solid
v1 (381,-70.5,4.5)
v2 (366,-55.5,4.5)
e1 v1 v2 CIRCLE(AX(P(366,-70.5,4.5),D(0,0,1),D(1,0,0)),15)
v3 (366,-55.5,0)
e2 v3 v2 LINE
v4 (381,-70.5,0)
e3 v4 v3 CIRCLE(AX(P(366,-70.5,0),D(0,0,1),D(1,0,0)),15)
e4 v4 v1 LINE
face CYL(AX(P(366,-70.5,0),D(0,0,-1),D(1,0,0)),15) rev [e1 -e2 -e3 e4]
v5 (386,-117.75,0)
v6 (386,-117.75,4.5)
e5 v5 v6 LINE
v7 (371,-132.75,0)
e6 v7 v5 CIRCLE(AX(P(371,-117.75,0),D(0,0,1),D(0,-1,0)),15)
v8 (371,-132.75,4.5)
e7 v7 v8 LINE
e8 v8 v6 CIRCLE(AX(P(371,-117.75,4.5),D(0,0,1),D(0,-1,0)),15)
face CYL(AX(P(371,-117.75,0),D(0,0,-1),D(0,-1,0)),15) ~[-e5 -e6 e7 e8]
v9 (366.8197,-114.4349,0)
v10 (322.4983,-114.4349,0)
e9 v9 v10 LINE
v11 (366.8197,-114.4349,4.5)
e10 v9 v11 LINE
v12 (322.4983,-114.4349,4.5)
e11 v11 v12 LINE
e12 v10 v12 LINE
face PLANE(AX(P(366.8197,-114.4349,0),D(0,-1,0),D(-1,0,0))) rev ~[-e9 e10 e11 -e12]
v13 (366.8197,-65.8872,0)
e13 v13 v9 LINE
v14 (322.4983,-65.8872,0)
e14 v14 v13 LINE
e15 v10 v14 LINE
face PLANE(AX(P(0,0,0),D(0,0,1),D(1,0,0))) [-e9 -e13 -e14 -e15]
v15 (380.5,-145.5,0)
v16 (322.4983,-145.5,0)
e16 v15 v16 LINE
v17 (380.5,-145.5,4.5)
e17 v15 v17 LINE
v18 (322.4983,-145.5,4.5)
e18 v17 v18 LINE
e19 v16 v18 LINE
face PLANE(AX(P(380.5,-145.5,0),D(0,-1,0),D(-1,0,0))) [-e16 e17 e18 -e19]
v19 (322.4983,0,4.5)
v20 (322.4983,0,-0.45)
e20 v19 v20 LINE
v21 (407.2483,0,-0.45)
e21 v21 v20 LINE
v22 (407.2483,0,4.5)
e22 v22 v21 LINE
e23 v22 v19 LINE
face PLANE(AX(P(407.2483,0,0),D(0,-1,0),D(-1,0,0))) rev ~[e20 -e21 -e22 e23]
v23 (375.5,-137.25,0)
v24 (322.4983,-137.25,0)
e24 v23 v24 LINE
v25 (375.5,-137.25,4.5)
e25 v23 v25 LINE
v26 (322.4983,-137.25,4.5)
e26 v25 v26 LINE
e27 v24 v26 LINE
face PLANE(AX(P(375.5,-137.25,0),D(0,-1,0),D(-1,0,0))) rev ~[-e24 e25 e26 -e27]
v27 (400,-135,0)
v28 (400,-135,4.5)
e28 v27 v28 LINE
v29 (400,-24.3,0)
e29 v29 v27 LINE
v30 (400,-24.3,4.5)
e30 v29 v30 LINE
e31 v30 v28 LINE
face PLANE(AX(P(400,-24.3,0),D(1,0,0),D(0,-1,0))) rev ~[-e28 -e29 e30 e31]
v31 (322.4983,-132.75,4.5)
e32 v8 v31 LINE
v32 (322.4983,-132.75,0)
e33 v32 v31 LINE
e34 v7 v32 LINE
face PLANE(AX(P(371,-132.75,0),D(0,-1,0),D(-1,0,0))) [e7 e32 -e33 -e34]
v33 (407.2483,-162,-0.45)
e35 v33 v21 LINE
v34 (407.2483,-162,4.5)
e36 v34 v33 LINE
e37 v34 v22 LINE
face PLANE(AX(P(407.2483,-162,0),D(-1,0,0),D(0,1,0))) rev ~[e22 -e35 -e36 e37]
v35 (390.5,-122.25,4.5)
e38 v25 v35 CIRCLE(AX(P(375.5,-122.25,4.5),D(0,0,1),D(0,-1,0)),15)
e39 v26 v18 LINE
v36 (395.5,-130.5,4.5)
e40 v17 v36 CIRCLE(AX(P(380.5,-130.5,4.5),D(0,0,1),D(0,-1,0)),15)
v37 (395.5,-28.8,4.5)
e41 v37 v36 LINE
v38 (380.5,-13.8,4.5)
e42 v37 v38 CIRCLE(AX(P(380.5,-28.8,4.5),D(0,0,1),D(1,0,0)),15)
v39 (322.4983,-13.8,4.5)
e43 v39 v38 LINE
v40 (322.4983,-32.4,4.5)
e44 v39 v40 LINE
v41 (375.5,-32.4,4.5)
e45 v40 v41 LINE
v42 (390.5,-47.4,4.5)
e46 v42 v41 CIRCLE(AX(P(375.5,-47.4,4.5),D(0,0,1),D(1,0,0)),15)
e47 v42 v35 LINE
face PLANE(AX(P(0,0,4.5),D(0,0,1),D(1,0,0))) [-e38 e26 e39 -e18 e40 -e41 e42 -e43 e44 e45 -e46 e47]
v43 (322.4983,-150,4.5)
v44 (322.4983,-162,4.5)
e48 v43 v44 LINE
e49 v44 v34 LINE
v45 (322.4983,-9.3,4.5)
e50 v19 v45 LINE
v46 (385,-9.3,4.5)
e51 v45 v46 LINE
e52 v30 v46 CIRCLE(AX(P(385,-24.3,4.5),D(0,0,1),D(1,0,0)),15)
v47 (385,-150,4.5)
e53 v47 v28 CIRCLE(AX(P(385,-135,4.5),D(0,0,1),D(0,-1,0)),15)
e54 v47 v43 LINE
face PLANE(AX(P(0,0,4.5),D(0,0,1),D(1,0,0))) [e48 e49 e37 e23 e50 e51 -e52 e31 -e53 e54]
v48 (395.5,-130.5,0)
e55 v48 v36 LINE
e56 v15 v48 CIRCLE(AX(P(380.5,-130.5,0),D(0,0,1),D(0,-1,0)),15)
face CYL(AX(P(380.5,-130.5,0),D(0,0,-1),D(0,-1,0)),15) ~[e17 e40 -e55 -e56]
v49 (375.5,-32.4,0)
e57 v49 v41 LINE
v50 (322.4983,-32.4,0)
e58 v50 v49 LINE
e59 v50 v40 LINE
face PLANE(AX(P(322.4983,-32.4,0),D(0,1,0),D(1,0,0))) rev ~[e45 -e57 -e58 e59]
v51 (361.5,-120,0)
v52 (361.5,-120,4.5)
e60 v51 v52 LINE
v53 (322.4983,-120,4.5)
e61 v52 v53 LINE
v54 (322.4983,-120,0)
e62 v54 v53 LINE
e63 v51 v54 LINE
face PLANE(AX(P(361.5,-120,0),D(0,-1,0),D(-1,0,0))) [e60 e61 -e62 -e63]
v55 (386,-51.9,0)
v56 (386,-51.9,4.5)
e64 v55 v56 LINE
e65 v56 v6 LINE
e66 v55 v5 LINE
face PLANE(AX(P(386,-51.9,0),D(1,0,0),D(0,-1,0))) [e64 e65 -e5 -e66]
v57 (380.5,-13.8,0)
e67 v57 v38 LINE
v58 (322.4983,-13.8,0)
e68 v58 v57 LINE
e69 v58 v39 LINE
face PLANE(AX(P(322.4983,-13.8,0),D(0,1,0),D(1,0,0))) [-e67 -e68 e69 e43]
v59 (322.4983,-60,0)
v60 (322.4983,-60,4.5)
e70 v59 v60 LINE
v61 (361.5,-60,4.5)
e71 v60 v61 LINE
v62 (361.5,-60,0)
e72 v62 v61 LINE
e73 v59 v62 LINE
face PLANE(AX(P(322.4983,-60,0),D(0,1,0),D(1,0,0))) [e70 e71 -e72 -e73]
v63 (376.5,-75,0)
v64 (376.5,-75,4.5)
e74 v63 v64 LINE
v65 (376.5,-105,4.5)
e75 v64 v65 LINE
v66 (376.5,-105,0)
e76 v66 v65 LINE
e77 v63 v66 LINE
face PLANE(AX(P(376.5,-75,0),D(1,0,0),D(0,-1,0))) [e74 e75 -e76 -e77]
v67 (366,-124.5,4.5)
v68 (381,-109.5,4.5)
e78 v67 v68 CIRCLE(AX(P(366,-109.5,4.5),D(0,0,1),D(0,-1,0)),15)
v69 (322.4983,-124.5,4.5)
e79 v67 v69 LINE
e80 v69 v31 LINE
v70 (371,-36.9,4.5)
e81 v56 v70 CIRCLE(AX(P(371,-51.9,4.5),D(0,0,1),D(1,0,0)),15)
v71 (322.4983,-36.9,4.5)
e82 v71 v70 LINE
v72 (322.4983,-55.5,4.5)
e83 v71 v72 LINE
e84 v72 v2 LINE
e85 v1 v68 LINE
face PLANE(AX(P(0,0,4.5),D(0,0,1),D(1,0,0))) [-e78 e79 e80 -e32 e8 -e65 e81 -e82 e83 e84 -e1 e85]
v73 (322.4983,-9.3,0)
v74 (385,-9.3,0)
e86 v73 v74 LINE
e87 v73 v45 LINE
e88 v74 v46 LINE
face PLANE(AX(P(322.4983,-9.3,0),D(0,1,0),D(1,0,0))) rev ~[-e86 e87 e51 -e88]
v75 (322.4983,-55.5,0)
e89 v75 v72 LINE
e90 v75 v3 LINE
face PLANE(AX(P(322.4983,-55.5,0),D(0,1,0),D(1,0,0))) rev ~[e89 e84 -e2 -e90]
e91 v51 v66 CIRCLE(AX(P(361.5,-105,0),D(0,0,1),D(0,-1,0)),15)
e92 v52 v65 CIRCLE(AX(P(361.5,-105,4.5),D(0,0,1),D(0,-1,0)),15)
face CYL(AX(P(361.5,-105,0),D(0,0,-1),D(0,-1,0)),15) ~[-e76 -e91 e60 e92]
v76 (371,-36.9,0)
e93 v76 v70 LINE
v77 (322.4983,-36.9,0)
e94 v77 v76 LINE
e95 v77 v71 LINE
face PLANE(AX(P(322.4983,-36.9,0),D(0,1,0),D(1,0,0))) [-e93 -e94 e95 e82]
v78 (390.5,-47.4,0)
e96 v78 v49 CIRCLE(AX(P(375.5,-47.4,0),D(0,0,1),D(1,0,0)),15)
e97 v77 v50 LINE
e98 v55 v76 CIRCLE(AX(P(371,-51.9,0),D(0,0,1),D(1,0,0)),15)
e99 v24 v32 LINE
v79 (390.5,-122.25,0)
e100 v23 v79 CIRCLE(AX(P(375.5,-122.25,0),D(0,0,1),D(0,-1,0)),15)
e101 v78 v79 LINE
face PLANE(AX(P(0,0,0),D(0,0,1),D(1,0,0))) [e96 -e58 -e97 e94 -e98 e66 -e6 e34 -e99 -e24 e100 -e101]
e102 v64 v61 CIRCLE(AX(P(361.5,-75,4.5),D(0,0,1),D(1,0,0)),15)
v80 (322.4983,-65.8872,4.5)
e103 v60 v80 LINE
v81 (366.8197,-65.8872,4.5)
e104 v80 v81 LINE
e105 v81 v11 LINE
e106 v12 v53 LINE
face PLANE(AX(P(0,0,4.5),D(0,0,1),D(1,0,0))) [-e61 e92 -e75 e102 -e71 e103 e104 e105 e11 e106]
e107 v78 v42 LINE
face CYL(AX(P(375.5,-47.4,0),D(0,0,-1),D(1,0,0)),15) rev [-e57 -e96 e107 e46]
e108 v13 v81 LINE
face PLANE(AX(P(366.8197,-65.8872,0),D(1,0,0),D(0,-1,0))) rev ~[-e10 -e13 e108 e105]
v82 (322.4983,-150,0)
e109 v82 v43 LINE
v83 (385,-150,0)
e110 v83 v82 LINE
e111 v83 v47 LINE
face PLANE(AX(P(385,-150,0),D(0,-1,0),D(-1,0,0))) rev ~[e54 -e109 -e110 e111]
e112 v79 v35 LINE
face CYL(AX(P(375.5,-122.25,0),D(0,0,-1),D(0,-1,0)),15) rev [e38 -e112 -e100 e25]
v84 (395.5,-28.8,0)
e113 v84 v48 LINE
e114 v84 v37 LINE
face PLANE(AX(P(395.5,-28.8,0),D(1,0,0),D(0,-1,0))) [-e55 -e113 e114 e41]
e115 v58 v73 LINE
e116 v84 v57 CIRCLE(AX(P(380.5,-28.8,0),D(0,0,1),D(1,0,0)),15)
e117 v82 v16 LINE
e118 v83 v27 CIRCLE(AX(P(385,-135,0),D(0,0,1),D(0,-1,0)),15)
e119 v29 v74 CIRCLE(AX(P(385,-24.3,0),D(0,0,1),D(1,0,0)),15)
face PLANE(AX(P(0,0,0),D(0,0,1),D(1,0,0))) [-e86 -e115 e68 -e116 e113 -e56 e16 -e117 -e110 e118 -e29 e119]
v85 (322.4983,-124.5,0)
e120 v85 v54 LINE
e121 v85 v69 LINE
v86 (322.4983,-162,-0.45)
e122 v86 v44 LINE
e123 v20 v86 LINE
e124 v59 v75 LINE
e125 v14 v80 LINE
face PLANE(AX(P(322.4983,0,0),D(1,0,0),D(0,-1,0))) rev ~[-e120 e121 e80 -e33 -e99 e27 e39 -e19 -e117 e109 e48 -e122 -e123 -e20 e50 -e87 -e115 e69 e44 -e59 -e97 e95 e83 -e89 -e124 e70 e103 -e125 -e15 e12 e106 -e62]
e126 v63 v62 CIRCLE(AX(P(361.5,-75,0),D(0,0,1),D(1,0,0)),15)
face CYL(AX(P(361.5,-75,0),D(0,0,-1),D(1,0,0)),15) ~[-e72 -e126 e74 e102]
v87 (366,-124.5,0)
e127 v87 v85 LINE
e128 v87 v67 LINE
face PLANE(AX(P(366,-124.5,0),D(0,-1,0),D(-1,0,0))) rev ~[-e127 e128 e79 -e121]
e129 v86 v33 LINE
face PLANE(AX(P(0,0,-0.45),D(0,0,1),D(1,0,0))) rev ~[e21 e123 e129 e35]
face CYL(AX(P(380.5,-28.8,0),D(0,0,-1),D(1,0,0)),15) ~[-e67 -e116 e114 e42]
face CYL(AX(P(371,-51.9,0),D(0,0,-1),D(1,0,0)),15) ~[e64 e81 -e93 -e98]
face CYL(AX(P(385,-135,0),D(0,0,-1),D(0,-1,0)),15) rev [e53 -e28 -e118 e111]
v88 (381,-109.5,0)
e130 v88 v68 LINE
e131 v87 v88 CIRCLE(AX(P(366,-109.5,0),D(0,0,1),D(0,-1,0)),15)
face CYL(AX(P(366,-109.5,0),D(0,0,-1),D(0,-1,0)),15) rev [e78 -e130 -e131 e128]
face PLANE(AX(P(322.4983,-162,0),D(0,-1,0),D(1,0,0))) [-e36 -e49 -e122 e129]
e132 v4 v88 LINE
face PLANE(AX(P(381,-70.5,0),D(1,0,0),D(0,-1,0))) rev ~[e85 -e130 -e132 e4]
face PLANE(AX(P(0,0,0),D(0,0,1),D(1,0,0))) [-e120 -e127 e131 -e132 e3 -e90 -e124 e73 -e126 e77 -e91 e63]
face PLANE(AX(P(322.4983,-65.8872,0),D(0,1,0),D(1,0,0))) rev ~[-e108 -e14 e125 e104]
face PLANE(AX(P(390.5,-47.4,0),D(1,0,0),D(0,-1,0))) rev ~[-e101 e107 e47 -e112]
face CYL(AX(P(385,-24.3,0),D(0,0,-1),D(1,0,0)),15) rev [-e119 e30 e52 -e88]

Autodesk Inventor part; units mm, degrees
ref_plane "YZ Plane" through (0, 0, 0) normal (1, 0, 0) x (0, 1, 0)
sketch "Sketch1" plane through (0, 0, 0) normal (0, 0, 1) x (1, 0, 0)
  line L0 (6.5, -9.3) -> (385, -9.3)
  line L1 (400, -24.3) -> (400, -135)
  line L2 (385, -150) -> (-400, -150)
  line L3 (-400, -150) -> (-400, -32.4)
  line L4 (6.5, -9.3) -> (6.5, -13.8)
  line L5 (6.5, -13.8) -> (380.5, -13.8)
  line L6 (395.5, -28.8) -> (395.5, -130.5)
  line L7 (380.5, -145.5) -> (-395.5, -145.5)
  line L8 (-400, -32.4) -> (375.5, -32.4)
  line L9 (390.5, -47.4) -> (390.5, -122.25)
  line L10 (375.5, -137.25) -> (-387.25, -137.25)
  line L11 (-395.5, -145.5) -> (-395.5, -36.9)
  line L12 (-395.5, -36.9) -> (371, -36.9)
  line L13 (386, -51.9) -> (386, -117.75)
  line L14 (371, -132.75) -> (-382.75, -132.75)
  line L15 (-382.75, -132.75) -> (-382.75, -60)
  line L16 (-387.25, -137.25) -> (-387.25, -55.5)
  line L17 (-387.25, -55.5) -> (366, -55.5)
  line L18 (381, -70.5) -> (381, -109.5)
  line L19 (-382.75, -60) -> (361.5, -60)
  line L20 (376.5, -75) -> (376.5, -105)
  line L21 (361.5, -120) -> (-374.5, -120)
  line L22 (366, -124.5) -> (-374.5, -124.5)
  line L23 (-374.5, -124.5) -> (-374.5, -120)
  arc A0 (400, -24.3) -> (385, -9.3) centre (385, -24.3) ccw
  arc A1 (395.5, -28.8) -> (380.5, -13.8) centre (380.5, -28.8) ccw
  arc A2 (390.5, -47.4) -> (375.5, -32.4) centre (375.5, -47.4) ccw
  arc A3 (386, -51.9) -> (371, -36.9) centre (371, -51.9) ccw
  arc A4 (381, -70.5) -> (366, -55.5) centre (366, -70.5) ccw
  arc A5 (376.5, -75) -> (361.5, -60) centre (361.5, -75) ccw
  arc A6 (361.5, -120) -> (376.5, -105) centre (361.5, -105) ccw
  arc A7 (366, -124.5) -> (381, -109.5) centre (366, -109.5) ccw
  arc A8 (371, -132.75) -> (386, -117.75) centre (371, -117.75) ccw
  arc A9 (375.5, -137.25) -> (390.5, -122.25) centre (375.5, -122.25) ccw
  arc A10 (380.5, -145.5) -> (395.5, -130.5) centre (380.5, -130.5) ccw
  arc A11 (385, -150) -> (400, -135) centre (385, -135) ccw
  line L24 (322.4983, 0) -> (322.4983, -162)
  line L25 (322.4983, -162) -> (407.2483, -162)
  line L26 (407.2483, -162) -> (407.2483, 0)
  line L27 (407.2483, 0) -> (322.4983, 0)
  line L28 (-561.4497, 0) -> (568.6979, 0) projected
  line L29 (322.4983, -123.614) -> (322.4983, -76.5697)
  line L30 (322.4983, -65.8872) -> (366.8197, -65.8872)
  line L31 (366.8197, -65.8872) -> (366.8197, -114.4349)
  line L32 (366.8197, -114.4349) -> (322.4983, -114.4349)
  point P0 (0, 0)
  point P1 (400, -9.3)
  point P2 (400, -150)
  point P3 (395.5, -13.8)
  point P4 (395.5, -145.5)
  point P5 (390.5, -32.4)
  point P6 (390.5, -137.25)
  point P7 (386, -36.9)
  point P8 (386, -132.75)
  point P9 (381, -55.5)
  point P10 (381, -124.5)
  point P11 (376.5, -60)
  point P12 (376.5, -120)
  point P13 (0, 0)
  point P14 (322.4983, -60)
  point P15 (322.4983, -120)
  point P16 (322.4983, -36.9)
  point P17 (322.4983, -55.5)
  point P18 (322.4983, -124.5)
  point P19 (322.4983, -132.75)
  point P20 (322.4983, -13.8)
  point P21 (322.4983, -32.4)
  point P22 (322.4983, -137.25)
  point P23 (322.4983, -145.5)
  point P24 (322.4983, -150)
  point P25 (322.4983, -9.3)
  dimension "d1" = 4.5
  dimension "d2" = 4.5
  dimension "d3" = 4.5
  dimension "d5" = 800
  dimension "d6" = 400
  dimension "d7" = 4.5
  dimension "d8" = 4.5
  dimension "d9" = 5
  dimension "d10" = 4.5
  dimension "d11" = 18.6
  dimension "d12" = 4.5
  dimension "d13" = 8.25
  dimension "d14" = 4.5
  dimension "d15" = 4.5
  dimension "d16" = 4.5
  dimension "d17" = 5
  dimension "d19" = 18.6
  dimension "d20" = 8.25
  dimension "d89" = 8.25
  dimension "d90" = 8.25
  dimension "d91" = 15
  dimension "d104" = 84.75
  dimension "d106" = 162
extrude "Extrusion1" add sketch "Sketch1" along normal blind 4.5 contours L24 L27 L26 L25 L2 A11 L1 A0 L0 | L5 A1 L6 A10 L7 L24 L10 A9 L9 A2 L8 | L12 A3 L13 A8 L14 L24 L22 A7 L18 A4 L17 | L19 A5 L20 A6 L21 L24 L32 L31 L30
extrude "Extrusion7" add sketch "Sketch1" against normal blind 0.45 contours L24 L27 L26 L25 L2 A11 L1 A0 L0 | L0 A0 L1 A11 L2 L24 L7 A10 L6 A1 L5 | L5 A1 L6 A10 L7 L24 L10 A9 L9 A2 L8 | L8 A2 L9 A9 L10 L24 L14 A8 L13 A3 L12 | L12 A3 L13 A8 L14 L24 L22 A7 L18 A4 L17 | L17 A4 L18 A7 L22 L24 L21 A6 L20 A5 L19 | L19 A5 L20 A6 L21 L24 L32 L31 L30 | L30 L31 L32 L24
equation "\"d1\" = wire_diameter"
equation "\"d2\" = wire_diameter"
equation "\"d3\" = wire_diameter"
equation "\"d5\" = track_length"
equation "\"d6\" = 0.5 * track_length"
equation "\"d7\" = wire_diameter"
equation "\"d8\" = wire_diameter"
equation "\"d10\" = wire_diameter"
equation "\"d11\" = distance_between_wires"
equation "\"d12\" = wire_diameter"
equation "\"d13\" = distance_between_wires_edge"
equation "\"d14\" = wire_diameter"
equation "\"d15\" = wire_diameter"
equation "\"d16\" = wire_diameter"
equation "\"d19\" = distance_between_wires"
equation "\"d20\" = distance_between_wires_edge"
equation "\"d22\" = wire_diameter"
equation "\"track_length\" = 800"
equation "\"wire_diameter\" = 4.5"
equation "\"distance_between_wires\" = -1.2 * wire_diameter + 0.2 * parameter_6"
equation "\"distance_between_wires_edge\" = 8.25"
equation "\"bend_radius\" = 15"
equation "\"parameter_6\" = 120"
properties part number "primary_coil_0R2_test_cut"
